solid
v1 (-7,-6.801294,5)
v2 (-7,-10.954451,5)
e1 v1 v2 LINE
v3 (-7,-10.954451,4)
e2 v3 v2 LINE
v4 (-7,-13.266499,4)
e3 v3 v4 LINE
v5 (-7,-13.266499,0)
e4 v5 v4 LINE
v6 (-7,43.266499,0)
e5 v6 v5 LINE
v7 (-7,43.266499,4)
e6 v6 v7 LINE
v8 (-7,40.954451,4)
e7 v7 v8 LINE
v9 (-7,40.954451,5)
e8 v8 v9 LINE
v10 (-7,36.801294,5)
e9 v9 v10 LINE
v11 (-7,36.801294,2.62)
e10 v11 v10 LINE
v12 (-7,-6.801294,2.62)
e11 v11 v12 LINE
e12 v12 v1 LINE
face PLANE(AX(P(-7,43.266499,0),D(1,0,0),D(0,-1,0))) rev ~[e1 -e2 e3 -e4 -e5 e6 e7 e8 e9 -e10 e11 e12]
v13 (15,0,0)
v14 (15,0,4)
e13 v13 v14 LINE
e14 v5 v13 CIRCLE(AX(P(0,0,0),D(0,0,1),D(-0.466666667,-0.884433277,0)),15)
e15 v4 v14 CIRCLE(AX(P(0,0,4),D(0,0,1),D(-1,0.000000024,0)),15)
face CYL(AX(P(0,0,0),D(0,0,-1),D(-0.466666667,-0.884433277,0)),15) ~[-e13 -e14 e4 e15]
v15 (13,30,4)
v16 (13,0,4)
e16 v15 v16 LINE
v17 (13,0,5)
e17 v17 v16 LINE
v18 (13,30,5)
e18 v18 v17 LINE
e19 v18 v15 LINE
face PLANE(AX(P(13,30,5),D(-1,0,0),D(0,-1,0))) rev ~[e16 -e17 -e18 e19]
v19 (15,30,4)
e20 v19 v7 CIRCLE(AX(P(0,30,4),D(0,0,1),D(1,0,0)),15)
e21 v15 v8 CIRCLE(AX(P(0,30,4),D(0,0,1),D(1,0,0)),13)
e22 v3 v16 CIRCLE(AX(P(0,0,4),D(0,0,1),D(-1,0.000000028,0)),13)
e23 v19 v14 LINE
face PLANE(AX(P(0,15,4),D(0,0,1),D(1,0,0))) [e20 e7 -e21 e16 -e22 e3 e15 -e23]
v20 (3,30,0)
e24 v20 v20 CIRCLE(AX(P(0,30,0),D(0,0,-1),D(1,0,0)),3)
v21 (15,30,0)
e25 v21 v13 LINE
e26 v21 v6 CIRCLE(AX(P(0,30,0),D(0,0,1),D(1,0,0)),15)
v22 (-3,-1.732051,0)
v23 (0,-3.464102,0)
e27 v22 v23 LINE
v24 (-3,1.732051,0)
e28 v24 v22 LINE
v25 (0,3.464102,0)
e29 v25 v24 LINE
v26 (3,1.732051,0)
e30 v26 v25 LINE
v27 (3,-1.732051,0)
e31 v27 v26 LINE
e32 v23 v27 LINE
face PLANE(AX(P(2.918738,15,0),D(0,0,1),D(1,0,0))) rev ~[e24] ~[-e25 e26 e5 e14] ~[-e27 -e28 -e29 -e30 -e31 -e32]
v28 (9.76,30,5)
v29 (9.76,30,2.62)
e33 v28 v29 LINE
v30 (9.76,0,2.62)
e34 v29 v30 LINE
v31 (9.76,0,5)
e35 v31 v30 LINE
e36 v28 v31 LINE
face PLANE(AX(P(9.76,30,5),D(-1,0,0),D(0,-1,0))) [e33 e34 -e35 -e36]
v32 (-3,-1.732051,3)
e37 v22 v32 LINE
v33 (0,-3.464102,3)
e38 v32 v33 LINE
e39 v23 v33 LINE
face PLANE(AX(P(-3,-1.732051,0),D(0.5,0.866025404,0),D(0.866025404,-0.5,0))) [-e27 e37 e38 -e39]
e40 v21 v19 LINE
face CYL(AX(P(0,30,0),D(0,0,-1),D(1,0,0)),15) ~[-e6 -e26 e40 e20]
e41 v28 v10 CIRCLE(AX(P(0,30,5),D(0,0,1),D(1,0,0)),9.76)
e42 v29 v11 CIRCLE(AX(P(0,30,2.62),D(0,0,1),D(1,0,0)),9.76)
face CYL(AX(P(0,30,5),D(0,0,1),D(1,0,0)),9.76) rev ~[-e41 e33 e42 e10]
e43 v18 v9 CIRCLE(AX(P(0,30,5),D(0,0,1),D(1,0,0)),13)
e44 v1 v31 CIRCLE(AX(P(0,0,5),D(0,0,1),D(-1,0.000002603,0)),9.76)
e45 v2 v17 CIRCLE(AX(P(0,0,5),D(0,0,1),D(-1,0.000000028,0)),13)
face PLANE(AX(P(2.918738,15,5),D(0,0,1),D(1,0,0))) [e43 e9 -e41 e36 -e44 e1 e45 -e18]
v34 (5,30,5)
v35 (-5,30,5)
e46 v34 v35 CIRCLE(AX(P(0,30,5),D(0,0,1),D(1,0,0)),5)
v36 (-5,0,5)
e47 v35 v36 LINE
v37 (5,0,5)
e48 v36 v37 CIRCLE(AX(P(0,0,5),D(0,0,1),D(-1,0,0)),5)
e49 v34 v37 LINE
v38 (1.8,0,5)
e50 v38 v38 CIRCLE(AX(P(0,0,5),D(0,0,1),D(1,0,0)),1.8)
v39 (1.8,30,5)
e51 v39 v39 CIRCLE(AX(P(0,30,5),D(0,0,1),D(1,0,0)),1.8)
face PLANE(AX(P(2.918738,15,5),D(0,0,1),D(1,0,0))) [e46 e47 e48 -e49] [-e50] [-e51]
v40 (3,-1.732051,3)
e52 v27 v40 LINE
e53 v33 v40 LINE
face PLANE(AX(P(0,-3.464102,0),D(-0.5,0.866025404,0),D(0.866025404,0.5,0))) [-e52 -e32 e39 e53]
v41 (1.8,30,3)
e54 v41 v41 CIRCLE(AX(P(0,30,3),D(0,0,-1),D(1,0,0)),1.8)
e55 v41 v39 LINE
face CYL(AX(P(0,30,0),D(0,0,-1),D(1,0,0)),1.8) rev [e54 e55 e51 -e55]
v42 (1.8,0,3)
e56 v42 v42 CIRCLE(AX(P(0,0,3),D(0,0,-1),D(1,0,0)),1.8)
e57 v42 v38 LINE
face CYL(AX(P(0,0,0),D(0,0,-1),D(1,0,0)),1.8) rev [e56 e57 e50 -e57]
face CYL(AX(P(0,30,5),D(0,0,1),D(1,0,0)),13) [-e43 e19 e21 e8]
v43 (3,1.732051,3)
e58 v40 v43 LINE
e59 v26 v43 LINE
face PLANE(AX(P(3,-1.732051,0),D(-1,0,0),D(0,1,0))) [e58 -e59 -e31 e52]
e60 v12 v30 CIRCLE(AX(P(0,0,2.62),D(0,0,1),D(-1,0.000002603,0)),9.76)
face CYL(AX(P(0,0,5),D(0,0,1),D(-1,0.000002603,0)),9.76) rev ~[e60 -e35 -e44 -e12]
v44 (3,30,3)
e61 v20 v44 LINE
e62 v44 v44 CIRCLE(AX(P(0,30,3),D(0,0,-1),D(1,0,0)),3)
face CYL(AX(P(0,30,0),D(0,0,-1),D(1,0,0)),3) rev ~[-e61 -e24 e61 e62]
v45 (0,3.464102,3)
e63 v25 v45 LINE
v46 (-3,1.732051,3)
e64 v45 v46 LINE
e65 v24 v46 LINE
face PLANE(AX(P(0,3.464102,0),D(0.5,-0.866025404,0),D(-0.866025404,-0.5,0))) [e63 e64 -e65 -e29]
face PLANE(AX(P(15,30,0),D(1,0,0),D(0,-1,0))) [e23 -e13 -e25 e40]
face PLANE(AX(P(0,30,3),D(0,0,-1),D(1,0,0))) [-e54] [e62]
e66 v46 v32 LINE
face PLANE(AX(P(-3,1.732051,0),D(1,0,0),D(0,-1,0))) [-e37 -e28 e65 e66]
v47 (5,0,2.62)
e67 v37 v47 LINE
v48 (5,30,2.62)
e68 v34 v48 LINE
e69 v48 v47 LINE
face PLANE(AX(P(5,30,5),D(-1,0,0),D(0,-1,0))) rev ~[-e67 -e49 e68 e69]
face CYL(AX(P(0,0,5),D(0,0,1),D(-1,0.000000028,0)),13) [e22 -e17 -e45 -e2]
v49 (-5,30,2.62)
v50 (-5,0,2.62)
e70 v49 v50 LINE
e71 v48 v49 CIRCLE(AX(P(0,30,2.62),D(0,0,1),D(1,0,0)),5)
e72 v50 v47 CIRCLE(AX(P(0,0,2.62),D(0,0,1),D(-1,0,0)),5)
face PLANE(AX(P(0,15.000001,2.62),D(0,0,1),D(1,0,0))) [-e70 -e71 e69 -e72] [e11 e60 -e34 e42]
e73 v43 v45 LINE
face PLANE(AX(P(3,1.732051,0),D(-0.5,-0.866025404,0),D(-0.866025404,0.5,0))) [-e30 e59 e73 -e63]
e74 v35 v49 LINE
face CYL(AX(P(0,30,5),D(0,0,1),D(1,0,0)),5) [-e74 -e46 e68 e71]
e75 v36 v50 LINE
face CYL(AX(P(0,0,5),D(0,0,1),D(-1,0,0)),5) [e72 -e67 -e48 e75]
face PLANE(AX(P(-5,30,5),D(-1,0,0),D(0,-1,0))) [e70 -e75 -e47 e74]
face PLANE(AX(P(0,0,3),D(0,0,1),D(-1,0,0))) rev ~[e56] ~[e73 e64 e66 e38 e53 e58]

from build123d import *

# Parameters (mm, degrees)
SKETCH_R        = 1.8
PAD_DEPTH       = 5
POCKET_DEPTH    = 2.3800001144
POCKET001_DEPTH = 1
SKETCH003_R     = 3
POCKET002_DEPTH = 3


with BuildPart() as part:
    # Sketch → Pad (new body)
    with BuildSketch(Plane.XY):
        with BuildLine():
            ThreePointArc((-7, -13.2664991614), (7.7459666924, -12.8452325787), (15, 0))
            Line((15, 30), (15, 0))
            ThreePointArc((15, 30), (7.7459666924, 42.8452325787), (-7, 43.2664991614))
            Line((-7, 43.2664991614), (-7, -13.2664991614))
        make_face()
        with Locations((0, 30)):
            Circle(SKETCH_R, mode=Mode.SUBTRACT)
        Circle(SKETCH_R, mode=Mode.SUBTRACT)
    extrude(amount=PAD_DEPTH)

    # Sketch001 → Pocket (cut)
    with BuildSketch(Plane.XY.offset(5)):
        with BuildLine():
            ThreePointArc((9.76, 30), (0, 39.76), (-9.76, 30))
            Line((-9.76, 30), (-9.76, 2.54016e-05))
            ThreePointArc((-9.76, 2.54016e-05), (-1.27008e-05, -9.76), (9.76, 0))
            Line((9.76, 30), (9.76, 0))
        make_face()
        with BuildLine():
            ThreePointArc((5, 30), (0, 35), (-5, 30))
            Line((-5, 30), (-5, 0))
            ThreePointArc((-5, 0), (0, -5), (5, 0))
            Line((5, 30), (5, 0))
        make_face(mode=Mode.SUBTRACT)
    extrude(amount=-POCKET_DEPTH, mode=Mode.SUBTRACT)

    # Sketch002 → Pocket001 (cut)
    with BuildSketch(Plane.XY.offset(5)):
        with BuildLine():
            ThreePointArc((15, 30), (0, 45), (-15, 30))
            Line((-15, 30), (-15, 3.614e-07))
            ThreePointArc((-15, 3.614e-07), (-1.807e-07, -15), (15, 0))
            Line((15, 30), (15, 0))
        make_face()
        with BuildLine():
            ThreePointArc((13, 30), (0, 43), (-13, 30))
            Line((-13, 30), (-13, 3.614e-07))
            ThreePointArc((-13, 3.614e-07), (-1.807e-07, -13), (13, 0))
            Line((13, 30), (13, 0))
        make_face(mode=Mode.SUBTRACT)
    extrude(amount=-POCKET001_DEPTH, mode=Mode.SUBTRACT)

    # Sketch003 → Pocket002 (cut)
    with BuildSketch(Plane(origin=(0, 0, 0), x_dir=(1, 0, 0), z_dir=(0, 0, -1))):
        with Locations((0, -30)):
            Circle(SKETCH003_R)
        Polygon((-3, -1.7320508076), (-3, 1.7320508076), (0, 3.4641016151), (3, 1.7320508076), (3, -1.7320508076), (0, -3.4641016151), align=None)
    extrude(amount=-POCKET002_DEPTH, mode=Mode.SUBTRACT)


solid = part.part
